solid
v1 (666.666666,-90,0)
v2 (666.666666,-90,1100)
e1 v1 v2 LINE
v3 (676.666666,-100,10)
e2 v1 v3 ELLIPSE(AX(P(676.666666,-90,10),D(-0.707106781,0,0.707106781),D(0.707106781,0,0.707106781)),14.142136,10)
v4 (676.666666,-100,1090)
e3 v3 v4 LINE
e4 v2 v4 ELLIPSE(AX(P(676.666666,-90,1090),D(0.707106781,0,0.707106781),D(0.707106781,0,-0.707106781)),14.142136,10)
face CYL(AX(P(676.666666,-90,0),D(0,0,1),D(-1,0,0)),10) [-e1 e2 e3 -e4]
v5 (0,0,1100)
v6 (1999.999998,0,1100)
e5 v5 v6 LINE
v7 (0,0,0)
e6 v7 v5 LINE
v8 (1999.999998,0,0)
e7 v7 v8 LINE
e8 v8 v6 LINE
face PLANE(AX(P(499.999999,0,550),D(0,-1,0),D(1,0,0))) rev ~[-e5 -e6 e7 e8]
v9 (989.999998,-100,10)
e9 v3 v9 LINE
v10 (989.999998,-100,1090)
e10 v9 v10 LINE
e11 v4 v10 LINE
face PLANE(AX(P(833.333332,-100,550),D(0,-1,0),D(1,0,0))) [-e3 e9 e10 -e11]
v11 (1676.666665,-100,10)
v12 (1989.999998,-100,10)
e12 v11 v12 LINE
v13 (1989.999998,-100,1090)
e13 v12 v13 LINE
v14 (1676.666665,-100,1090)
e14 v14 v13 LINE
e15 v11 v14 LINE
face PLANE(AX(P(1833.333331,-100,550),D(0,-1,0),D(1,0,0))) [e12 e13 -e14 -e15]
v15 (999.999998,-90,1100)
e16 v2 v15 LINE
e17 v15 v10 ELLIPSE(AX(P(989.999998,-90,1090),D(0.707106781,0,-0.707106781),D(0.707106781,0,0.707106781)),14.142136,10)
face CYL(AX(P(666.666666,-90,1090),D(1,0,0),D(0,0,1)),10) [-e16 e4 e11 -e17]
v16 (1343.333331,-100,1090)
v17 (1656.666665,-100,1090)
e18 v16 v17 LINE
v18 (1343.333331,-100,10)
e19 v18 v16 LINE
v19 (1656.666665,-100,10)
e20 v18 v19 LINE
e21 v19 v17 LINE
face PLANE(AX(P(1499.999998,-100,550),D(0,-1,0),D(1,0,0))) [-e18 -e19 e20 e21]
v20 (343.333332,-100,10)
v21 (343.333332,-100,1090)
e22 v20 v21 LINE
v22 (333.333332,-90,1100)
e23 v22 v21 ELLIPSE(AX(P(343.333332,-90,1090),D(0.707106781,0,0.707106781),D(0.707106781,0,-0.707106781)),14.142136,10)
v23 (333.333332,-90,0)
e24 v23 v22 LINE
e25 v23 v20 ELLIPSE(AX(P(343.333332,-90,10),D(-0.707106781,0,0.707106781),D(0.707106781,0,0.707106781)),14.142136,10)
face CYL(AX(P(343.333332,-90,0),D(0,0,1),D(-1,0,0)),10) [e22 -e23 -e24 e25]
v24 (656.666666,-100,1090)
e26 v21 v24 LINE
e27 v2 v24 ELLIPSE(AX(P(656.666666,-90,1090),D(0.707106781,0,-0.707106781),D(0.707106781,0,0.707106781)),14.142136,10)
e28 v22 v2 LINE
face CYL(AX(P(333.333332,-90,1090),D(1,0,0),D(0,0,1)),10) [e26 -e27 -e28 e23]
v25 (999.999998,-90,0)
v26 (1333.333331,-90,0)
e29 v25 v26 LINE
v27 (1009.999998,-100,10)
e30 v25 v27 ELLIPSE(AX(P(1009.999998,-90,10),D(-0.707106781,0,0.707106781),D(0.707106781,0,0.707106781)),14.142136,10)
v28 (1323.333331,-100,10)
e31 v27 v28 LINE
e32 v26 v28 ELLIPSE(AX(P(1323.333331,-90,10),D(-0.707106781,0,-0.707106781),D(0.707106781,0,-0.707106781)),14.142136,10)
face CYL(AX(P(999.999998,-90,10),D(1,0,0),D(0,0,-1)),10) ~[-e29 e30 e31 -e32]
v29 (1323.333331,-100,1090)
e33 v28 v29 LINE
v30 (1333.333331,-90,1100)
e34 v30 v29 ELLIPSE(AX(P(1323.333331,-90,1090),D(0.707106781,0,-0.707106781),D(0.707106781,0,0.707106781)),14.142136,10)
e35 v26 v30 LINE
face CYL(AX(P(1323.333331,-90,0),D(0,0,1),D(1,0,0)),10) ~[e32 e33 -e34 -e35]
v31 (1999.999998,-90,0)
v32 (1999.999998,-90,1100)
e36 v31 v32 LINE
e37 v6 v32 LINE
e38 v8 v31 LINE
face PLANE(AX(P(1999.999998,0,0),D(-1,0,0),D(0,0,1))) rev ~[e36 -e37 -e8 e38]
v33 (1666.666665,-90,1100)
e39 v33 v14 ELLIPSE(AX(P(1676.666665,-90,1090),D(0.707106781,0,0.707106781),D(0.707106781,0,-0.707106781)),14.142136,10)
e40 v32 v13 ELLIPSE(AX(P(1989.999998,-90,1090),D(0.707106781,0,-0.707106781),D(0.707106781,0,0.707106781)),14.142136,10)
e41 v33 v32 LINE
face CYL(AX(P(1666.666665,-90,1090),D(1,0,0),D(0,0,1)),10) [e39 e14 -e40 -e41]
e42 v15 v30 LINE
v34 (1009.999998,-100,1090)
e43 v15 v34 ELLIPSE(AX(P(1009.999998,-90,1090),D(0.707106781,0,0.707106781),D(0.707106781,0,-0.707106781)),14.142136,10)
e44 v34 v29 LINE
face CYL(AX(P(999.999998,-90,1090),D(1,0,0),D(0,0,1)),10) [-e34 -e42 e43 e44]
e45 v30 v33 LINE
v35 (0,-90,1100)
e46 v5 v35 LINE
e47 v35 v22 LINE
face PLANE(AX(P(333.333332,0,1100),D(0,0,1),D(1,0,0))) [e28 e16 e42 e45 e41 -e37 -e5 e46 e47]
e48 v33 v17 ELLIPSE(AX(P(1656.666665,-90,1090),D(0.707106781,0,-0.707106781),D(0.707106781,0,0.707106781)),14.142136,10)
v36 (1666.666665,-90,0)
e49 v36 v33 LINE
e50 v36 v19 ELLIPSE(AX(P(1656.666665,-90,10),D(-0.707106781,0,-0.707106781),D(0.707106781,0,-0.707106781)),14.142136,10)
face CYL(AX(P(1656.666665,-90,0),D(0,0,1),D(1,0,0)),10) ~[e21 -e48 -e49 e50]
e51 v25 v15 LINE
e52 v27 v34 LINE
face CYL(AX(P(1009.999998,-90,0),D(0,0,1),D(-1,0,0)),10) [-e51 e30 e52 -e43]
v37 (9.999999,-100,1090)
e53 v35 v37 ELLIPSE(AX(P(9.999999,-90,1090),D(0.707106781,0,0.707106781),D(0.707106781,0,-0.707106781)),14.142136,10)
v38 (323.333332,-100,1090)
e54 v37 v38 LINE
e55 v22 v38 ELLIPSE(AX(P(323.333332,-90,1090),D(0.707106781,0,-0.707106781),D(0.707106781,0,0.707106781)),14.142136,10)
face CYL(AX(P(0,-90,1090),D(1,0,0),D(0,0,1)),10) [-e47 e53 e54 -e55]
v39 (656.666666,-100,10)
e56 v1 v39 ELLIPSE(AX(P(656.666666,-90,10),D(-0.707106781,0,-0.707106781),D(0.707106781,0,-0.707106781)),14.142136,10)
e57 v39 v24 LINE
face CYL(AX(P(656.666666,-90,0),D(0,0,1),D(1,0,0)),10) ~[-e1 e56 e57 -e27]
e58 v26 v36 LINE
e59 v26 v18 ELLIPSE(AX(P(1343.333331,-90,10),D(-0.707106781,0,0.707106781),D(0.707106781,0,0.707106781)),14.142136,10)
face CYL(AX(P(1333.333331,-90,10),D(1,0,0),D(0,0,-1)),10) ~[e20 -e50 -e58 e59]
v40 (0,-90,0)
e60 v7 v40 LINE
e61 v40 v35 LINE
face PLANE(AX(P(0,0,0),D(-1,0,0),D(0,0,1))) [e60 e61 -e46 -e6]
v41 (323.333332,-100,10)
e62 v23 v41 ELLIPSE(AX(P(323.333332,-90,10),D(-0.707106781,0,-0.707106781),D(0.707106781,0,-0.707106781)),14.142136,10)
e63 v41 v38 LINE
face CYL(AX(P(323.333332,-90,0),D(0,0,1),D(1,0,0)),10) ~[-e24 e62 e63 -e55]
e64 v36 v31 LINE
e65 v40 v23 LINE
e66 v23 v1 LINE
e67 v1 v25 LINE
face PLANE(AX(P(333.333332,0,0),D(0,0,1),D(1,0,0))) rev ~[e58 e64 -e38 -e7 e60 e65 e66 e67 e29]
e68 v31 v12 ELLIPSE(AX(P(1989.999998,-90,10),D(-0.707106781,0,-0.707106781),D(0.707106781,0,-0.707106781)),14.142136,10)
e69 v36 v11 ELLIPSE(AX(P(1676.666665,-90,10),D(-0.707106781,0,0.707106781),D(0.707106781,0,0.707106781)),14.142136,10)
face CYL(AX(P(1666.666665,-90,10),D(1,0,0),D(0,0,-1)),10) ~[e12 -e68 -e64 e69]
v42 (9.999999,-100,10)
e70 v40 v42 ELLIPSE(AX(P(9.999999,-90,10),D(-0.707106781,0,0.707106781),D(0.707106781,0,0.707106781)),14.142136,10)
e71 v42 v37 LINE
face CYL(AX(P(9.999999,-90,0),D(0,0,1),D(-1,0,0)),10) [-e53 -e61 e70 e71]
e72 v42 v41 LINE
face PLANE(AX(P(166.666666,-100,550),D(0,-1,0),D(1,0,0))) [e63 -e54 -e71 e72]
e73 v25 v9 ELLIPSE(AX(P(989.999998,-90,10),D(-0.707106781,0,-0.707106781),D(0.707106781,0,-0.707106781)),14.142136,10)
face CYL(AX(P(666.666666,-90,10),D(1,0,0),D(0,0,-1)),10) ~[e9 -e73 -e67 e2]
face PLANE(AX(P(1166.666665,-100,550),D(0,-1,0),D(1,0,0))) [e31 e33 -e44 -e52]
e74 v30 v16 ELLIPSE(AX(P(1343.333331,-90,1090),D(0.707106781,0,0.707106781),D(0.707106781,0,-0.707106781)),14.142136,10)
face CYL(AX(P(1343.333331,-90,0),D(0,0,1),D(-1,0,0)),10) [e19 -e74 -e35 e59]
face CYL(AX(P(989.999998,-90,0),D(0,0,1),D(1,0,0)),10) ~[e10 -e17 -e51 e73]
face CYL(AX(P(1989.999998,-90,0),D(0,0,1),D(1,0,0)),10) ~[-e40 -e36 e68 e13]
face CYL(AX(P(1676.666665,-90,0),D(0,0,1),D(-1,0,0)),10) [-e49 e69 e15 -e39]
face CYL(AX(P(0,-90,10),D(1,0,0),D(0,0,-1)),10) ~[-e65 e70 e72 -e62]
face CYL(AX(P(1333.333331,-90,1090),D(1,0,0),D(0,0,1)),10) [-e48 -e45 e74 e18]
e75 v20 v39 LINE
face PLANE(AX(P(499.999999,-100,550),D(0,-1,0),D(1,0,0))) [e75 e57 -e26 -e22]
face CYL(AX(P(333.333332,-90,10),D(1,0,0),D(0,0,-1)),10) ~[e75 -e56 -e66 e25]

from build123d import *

# Parameters (mm, degrees)
SKETCH_W      = 333.333333
SKETCH_H      = 1100
EXTRUDE_DEPTH = 100
FILLET_R      = 10
ARRAY_X_COUNT = 6
ARRAY_X_PITCH = 333.333333


with BuildPart() as part:
    # Sketch → Extrude (new body)
    with BuildSketch(Plane.XZ):
        with Locations((166.666666, 550)):
            Rectangle(SKETCH_W, SKETCH_H)
    extrude(amount=EXTRUDE_DEPTH)

    # Fillet
    fillet_edges = [part.edges().sort_by_distance(p)[0] for p in [
        (166.666667, -100, 0),
        (333.333333, -100, 550),
        (166.666667, -100, 1100),
        (0, -100, 550),
    ]]
    fillet(fillet_edges, radius=FILLET_R)

    # Array X: part ×6


with BuildPart() as part_1:
    add(part.part)
    with Locations(*[(i * ARRAY_X_PITCH, 0, 0) for i in range(1, ARRAY_X_COUNT)]):
        add(part.part)


solid = part_1.part
